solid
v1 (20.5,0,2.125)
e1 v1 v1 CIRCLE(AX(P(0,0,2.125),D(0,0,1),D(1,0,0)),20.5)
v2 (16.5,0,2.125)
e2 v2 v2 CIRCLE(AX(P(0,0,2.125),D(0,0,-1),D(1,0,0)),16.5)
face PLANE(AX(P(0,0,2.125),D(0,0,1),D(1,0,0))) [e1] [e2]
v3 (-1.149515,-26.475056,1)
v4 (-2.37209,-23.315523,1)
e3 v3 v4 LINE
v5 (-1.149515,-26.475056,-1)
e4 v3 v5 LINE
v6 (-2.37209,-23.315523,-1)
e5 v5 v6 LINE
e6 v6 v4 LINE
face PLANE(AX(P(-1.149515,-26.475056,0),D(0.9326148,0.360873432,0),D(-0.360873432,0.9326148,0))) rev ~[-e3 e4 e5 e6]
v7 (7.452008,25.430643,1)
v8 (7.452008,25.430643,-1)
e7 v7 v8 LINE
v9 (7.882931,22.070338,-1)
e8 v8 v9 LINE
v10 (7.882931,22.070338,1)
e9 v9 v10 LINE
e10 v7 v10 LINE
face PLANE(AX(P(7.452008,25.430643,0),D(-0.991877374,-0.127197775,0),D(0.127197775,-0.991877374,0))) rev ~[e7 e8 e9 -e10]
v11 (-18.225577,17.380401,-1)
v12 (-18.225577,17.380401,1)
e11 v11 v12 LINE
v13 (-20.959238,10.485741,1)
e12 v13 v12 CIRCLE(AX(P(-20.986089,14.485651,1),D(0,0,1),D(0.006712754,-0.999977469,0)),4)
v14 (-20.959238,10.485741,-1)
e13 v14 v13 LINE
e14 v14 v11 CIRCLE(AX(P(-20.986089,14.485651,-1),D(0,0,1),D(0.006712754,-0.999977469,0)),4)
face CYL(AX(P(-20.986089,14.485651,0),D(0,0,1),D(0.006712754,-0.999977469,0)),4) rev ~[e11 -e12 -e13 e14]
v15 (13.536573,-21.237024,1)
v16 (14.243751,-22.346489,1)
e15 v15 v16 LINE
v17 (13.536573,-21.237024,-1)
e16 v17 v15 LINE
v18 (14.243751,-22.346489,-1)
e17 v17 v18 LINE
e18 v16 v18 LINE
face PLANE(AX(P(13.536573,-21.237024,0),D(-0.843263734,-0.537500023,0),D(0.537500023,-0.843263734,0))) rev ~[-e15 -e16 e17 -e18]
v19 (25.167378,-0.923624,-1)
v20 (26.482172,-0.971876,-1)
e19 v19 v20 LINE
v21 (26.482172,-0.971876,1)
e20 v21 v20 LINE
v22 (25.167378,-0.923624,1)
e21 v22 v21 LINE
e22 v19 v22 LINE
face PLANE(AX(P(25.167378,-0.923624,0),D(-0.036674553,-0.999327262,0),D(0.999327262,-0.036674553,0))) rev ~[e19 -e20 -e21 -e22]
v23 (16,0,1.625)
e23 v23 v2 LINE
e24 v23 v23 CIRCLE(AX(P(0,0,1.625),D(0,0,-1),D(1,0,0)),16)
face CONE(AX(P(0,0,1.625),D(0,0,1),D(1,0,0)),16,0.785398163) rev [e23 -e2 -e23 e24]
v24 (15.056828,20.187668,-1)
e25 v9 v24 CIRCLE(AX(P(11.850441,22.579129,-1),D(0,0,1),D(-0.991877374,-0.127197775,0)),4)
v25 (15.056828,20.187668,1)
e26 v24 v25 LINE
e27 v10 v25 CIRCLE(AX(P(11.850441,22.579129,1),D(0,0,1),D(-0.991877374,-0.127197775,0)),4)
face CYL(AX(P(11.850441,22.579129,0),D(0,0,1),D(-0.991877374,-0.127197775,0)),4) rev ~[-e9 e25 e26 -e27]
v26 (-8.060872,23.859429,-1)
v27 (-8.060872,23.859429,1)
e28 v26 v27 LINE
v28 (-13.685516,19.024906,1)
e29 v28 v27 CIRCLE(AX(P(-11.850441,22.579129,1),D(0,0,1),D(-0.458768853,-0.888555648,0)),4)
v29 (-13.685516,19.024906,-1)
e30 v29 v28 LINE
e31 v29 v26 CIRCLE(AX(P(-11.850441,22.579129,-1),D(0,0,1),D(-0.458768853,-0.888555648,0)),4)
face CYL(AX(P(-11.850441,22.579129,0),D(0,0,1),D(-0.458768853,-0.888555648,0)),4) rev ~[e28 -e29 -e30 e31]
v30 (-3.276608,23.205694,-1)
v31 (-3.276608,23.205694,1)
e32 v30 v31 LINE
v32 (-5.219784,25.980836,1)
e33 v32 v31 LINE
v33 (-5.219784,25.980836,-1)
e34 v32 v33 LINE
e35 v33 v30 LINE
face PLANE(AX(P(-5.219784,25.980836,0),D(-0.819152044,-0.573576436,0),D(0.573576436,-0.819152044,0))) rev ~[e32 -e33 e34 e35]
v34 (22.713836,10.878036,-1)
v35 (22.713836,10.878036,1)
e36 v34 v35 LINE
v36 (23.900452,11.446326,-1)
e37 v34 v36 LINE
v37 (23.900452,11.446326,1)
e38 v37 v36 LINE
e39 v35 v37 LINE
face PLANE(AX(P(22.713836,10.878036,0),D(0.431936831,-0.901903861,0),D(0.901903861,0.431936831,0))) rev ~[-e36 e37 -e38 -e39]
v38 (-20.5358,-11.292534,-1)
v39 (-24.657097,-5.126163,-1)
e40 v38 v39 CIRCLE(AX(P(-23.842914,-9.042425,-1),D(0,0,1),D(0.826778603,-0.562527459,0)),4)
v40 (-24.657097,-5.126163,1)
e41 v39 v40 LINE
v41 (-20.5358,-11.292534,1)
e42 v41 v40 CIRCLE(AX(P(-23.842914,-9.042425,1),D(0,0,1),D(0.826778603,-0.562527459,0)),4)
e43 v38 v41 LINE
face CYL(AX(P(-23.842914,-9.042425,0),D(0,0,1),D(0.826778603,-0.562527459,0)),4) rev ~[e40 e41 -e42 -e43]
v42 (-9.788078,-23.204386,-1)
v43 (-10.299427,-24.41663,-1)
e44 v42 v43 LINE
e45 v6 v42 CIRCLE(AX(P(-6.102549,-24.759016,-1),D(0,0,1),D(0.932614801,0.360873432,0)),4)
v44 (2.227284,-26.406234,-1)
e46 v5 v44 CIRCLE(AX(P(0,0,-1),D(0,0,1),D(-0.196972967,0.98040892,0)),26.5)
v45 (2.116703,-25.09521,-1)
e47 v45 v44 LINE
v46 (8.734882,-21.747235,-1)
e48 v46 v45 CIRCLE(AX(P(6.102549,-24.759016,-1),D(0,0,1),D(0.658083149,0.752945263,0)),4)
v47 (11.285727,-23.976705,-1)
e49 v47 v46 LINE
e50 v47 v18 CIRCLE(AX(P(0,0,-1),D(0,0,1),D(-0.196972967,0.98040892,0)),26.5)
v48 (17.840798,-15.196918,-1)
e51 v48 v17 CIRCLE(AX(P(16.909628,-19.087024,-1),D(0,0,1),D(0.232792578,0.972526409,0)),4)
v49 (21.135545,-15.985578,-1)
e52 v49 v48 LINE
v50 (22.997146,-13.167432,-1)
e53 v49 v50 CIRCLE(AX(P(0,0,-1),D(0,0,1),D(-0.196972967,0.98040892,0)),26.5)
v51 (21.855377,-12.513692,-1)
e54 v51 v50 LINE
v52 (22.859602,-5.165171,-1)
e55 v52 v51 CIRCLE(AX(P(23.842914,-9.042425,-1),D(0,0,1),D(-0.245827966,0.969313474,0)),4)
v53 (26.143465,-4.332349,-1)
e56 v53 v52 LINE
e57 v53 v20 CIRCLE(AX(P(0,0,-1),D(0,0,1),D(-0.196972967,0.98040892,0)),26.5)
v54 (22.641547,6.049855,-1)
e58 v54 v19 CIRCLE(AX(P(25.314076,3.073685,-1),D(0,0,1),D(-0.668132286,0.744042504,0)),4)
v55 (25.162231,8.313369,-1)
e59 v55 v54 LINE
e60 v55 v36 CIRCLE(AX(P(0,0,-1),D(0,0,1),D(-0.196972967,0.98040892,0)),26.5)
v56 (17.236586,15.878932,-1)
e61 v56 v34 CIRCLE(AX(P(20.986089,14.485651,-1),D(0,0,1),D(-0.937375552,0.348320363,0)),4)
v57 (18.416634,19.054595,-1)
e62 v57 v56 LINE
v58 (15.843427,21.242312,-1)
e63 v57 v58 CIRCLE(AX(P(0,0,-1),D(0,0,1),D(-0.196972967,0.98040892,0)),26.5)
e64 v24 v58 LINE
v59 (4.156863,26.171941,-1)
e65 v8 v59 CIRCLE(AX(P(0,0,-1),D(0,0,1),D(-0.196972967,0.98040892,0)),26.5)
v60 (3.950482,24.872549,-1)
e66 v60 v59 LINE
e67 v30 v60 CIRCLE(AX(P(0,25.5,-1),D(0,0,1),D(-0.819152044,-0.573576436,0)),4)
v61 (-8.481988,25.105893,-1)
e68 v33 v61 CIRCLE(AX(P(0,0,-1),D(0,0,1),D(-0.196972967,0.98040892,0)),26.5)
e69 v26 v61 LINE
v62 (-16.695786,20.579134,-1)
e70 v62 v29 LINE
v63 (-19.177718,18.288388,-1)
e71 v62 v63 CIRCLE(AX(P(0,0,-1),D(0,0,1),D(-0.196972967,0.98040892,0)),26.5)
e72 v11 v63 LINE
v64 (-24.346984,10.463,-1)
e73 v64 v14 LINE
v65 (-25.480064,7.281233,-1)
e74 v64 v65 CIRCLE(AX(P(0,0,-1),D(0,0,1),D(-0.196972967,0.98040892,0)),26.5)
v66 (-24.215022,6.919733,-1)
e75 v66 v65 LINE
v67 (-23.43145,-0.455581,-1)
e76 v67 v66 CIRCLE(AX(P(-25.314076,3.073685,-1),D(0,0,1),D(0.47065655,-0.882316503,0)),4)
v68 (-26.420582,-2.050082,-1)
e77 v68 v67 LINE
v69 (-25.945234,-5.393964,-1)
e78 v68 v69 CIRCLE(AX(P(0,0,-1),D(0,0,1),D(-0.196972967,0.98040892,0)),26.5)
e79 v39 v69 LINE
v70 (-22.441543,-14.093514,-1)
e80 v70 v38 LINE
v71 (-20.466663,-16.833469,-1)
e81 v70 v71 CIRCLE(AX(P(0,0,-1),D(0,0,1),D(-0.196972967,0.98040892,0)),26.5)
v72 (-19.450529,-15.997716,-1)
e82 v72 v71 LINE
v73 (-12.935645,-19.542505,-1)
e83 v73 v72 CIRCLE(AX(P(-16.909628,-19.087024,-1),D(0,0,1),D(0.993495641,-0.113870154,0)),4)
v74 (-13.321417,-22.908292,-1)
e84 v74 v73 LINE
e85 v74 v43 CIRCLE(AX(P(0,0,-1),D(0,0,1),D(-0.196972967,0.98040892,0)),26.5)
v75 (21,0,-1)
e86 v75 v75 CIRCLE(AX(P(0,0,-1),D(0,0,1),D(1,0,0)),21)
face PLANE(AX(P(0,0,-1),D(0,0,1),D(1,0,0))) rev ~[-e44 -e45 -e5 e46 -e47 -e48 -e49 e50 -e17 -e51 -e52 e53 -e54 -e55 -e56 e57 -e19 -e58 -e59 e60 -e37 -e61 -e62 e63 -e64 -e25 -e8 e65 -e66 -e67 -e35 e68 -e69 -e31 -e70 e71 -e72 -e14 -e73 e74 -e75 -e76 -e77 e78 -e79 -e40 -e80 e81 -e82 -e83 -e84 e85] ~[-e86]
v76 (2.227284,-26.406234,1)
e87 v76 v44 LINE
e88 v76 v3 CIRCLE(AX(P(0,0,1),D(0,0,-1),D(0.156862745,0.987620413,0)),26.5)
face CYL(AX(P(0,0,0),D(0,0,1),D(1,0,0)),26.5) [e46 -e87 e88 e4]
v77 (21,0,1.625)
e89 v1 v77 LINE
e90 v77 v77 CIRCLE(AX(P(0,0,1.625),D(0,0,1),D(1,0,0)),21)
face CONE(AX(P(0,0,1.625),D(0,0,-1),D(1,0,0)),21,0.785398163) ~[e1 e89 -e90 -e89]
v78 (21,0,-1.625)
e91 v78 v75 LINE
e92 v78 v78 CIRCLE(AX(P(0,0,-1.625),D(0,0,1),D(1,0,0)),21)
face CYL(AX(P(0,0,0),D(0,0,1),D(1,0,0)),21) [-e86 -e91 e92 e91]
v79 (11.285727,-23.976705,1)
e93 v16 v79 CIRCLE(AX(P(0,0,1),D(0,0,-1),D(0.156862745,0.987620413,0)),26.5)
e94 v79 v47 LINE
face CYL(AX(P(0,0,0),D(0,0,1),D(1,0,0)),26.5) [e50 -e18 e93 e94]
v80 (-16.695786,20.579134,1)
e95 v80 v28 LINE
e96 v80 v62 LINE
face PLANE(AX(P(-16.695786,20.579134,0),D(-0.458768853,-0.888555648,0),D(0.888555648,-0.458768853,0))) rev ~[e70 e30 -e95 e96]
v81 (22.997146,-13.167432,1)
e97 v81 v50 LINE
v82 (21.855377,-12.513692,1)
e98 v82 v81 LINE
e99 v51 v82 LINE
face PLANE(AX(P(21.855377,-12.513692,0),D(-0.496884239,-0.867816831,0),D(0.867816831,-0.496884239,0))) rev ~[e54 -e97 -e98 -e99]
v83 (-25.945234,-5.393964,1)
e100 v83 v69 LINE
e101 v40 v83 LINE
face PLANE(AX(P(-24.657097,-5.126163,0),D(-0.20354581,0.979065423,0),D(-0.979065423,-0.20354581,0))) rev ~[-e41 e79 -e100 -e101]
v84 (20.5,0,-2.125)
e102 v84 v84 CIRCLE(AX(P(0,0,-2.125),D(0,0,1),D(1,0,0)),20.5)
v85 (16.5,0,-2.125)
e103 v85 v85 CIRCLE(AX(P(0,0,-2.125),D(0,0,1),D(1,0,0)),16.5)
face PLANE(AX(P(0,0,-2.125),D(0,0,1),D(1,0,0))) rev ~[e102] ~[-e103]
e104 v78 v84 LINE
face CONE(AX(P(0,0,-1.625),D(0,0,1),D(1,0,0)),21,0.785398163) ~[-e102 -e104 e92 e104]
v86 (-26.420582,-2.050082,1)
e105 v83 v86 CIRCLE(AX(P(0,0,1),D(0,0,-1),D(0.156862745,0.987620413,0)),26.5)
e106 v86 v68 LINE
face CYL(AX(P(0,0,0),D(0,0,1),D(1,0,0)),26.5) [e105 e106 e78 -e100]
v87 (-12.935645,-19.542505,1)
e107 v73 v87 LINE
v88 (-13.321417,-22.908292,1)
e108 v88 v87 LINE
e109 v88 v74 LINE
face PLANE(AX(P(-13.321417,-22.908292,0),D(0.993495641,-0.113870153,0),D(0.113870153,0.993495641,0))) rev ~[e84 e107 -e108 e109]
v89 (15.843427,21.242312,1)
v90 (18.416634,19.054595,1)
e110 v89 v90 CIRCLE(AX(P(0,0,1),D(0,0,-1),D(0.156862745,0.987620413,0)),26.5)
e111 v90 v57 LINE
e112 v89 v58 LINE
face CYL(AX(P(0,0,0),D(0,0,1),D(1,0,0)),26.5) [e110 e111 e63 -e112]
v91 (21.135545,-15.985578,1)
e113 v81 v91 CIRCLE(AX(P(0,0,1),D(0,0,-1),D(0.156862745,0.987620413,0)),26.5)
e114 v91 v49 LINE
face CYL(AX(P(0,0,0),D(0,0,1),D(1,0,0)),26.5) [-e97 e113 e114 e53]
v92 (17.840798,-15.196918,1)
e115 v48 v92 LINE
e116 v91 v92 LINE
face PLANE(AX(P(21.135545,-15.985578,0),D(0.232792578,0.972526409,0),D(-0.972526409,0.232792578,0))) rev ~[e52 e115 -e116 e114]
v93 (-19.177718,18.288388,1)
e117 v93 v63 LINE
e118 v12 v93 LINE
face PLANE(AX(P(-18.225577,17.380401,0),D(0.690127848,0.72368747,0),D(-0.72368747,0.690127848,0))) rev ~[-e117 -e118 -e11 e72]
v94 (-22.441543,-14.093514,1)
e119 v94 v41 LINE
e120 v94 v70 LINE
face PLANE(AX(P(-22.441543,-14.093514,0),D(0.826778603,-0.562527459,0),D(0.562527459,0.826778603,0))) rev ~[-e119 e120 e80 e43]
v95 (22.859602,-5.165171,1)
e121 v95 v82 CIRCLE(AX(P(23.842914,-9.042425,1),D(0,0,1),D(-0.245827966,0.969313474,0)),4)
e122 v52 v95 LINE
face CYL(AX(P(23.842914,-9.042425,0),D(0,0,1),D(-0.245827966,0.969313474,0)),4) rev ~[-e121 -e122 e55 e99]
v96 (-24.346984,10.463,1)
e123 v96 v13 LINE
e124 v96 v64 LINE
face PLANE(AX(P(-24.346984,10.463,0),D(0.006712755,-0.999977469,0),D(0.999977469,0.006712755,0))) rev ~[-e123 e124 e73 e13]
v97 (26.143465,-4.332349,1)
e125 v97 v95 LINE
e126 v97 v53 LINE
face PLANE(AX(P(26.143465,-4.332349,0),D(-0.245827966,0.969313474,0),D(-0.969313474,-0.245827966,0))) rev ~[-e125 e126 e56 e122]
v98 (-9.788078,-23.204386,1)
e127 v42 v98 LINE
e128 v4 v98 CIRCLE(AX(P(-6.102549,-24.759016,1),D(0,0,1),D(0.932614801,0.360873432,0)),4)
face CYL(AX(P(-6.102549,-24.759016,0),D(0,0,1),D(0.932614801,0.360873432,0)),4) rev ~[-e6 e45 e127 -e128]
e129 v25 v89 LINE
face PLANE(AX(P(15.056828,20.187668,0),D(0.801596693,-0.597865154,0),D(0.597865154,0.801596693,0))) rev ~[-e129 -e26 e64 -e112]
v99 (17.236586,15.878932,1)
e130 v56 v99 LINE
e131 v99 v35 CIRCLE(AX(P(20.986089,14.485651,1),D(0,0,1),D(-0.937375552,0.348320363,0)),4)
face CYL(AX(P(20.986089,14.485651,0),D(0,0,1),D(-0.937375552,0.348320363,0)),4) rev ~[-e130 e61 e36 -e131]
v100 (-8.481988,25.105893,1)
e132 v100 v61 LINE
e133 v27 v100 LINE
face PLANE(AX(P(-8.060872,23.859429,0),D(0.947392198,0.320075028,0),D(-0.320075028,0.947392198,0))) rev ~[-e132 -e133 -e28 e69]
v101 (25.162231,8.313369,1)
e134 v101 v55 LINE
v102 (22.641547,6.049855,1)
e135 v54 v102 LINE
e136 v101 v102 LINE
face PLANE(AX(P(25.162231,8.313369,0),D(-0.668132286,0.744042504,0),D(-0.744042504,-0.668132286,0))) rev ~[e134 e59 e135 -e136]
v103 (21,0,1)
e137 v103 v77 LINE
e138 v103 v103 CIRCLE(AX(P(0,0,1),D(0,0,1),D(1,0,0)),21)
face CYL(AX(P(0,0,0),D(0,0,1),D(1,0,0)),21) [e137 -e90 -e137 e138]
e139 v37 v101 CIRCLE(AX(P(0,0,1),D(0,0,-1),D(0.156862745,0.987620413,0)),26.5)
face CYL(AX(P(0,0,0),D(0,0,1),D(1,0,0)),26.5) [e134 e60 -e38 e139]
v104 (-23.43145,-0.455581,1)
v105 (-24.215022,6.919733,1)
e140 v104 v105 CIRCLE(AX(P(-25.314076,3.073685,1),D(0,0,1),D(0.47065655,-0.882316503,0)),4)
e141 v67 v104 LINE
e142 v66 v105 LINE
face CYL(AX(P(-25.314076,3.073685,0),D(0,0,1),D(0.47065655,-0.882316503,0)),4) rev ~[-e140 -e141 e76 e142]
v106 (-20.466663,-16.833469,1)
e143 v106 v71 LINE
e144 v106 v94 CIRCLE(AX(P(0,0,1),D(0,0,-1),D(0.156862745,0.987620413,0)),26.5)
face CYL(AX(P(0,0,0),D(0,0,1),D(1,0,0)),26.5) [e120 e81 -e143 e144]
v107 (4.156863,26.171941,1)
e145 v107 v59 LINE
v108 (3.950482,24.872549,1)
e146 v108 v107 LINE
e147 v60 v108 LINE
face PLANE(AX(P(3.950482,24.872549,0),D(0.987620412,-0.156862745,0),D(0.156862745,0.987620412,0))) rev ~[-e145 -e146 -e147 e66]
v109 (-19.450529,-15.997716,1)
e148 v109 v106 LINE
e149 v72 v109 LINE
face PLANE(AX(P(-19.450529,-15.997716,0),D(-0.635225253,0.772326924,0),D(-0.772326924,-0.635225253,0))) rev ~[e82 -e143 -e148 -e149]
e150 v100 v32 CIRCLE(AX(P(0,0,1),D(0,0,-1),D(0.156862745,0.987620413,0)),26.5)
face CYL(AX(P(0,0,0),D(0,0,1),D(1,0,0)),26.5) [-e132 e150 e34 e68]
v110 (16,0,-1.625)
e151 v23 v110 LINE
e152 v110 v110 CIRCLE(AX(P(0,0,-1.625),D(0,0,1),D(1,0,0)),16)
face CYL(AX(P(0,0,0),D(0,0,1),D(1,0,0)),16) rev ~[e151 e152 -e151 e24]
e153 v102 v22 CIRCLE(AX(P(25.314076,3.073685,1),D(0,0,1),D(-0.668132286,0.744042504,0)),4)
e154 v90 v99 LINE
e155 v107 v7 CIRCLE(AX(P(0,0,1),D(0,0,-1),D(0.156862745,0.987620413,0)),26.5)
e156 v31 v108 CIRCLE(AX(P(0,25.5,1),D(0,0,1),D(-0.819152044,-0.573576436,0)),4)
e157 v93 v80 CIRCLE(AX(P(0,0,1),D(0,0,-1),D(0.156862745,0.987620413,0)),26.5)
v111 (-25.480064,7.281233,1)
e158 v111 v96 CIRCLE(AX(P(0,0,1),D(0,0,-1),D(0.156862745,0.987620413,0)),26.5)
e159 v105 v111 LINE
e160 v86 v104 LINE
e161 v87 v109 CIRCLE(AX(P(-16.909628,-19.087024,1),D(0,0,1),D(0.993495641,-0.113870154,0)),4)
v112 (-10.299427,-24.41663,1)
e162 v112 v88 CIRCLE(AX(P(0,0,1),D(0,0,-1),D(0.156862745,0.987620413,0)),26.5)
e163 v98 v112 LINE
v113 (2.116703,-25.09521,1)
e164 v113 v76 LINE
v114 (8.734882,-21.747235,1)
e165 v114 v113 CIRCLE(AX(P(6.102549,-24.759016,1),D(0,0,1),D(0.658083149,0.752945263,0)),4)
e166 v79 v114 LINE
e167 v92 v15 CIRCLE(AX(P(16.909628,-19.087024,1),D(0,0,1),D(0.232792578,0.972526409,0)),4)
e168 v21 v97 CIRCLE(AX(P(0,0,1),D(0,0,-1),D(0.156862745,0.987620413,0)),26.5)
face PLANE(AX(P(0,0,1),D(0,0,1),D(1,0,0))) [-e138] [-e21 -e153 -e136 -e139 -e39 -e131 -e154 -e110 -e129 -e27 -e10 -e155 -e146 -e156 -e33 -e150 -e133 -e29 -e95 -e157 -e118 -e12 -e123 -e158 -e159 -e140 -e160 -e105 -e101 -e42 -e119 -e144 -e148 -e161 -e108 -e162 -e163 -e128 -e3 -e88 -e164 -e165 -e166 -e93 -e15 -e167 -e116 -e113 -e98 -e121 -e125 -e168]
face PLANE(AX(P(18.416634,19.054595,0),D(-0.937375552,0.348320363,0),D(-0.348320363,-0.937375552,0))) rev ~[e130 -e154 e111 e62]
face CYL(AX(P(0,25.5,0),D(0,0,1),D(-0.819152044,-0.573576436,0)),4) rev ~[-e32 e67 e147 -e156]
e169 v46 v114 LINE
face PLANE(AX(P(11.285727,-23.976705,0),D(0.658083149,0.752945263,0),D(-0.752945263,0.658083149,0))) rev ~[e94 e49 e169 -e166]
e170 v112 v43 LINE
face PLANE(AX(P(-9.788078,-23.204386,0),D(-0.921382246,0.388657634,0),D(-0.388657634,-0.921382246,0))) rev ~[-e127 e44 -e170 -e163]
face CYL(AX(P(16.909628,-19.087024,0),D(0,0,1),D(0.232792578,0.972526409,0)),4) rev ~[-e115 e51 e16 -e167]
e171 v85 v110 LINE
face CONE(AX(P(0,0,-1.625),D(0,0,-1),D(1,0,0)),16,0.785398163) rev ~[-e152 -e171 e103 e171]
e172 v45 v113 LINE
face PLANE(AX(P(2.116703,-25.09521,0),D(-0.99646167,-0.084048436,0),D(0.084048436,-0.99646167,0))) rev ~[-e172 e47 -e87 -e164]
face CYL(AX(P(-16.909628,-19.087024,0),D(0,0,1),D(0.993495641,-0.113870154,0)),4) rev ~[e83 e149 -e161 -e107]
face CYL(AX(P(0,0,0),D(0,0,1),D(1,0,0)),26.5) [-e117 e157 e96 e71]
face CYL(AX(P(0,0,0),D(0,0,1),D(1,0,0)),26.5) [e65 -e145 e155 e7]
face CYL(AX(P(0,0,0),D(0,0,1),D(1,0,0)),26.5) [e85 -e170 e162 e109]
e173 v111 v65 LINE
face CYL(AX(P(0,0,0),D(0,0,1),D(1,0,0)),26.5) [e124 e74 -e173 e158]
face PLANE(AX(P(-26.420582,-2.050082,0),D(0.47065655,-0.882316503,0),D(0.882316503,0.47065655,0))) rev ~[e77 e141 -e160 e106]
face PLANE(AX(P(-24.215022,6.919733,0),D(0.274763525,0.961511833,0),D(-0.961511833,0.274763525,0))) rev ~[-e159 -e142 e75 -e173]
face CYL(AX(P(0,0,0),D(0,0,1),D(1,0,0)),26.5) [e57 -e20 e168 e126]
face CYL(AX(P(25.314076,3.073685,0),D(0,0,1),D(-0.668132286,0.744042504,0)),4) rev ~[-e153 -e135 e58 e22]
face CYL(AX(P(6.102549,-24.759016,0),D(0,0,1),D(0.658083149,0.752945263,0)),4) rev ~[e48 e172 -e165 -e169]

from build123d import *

# Parameters (mm, degrees)
ESQUISSE1_R                  = 26.5
EXTRUSION1_DEPTH             = 1
ENL_V_MAT_EXTRU_1_DEPTH      = 2
R_P_TITION_CIRCULAIRE1_COUNT = 13
ESQUISSE3_R                  = 21
EXTRUSION2_DEPTH             = 2.125
ESQUISSE4_R                  = 16
ENL_V_MAT_EXTRU_2_DEPTH      = 3.125
ENL_V_MAT_EXTRU_2_DEPTH_BACK = 3.125
CHANFREIN1_SIZE              = 0.5


with BuildPart() as part:
    # Esquisse1 → Extrusion1 (new body, symmetric)
    with BuildSketch(Plane.XY):
        Circle(ESQUISSE1_R)
    extrude(amount=EXTRUSION1_DEPTH, both=True)

    # Esquisse2 → Enlèv. mat.-Extru.1 (cut, symmetric)
    with BuildSketch(Plane.XY):
        with BuildLine():
            Line((-5.219783613, 25.98083638), (-3.276608177, 23.205694255))
            ThreePointArc((-3.276608177, 23.205694255), (0.898959157, 21.60232474), (3.95048165, 24.87254902))
            Line((3.95048165, 24.87254902), (4.156862745, 26.171940931))
            ThreePointArc((4.156862745, 26.171940931), (-0.53998188, 26.494497911), (-5.219783613, 25.98083638))
        make_face()
    enl_v_mat_extru_1 = extrude(amount=ENL_V_MAT_EXTRU_1_DEPTH, both=True, mode=Mode.SUBTRACT)

    # Répétition circulaire1: Enlèv. mat.-Extru.1 ×13 about axis
    r_p_tition_circulaire1_axis = Axis((0, 0, 0), (0, 0, 1))
    for i in range(1, R_P_TITION_CIRCULAIRE1_COUNT):
        add(enl_v_mat_extru_1.rotate(r_p_tition_circulaire1_axis, i * 360 / R_P_TITION_CIRCULAIRE1_COUNT), mode=Mode.SUBTRACT)

    # Esquisse3 → Extrusion2 (add, symmetric)
    with BuildSketch(Plane.XY):
        Circle(ESQUISSE3_R)
    extrude(amount=EXTRUSION2_DEPTH, both=True)

    # Esquisse4 → Enlèv. mat.-Extru.2 (cut, two sides)
    with BuildSketch(Plane.XY) as enl_v_mat_extru_2_sk:
        Circle(ESQUISSE4_R)
    extrude(amount=ENL_V_MAT_EXTRU_2_DEPTH, mode=Mode.SUBTRACT)
    extrude(enl_v_mat_extru_2_sk.sketch, amount=-ENL_V_MAT_EXTRU_2_DEPTH_BACK, mode=Mode.SUBTRACT)

    # Chanfrein1
    chanfrein1_edges = [part.edges().sort_by_distance(p)[0] for p in [
        (-21, 0, -2.125),
        (-21, 0, 2.125),
        (-16, 0, -2.125),
        (-16, 0, 2.125),
    ]]
    chamfer(chanfrein1_edges, length=CHANFREIN1_SIZE)


solid = part.part
